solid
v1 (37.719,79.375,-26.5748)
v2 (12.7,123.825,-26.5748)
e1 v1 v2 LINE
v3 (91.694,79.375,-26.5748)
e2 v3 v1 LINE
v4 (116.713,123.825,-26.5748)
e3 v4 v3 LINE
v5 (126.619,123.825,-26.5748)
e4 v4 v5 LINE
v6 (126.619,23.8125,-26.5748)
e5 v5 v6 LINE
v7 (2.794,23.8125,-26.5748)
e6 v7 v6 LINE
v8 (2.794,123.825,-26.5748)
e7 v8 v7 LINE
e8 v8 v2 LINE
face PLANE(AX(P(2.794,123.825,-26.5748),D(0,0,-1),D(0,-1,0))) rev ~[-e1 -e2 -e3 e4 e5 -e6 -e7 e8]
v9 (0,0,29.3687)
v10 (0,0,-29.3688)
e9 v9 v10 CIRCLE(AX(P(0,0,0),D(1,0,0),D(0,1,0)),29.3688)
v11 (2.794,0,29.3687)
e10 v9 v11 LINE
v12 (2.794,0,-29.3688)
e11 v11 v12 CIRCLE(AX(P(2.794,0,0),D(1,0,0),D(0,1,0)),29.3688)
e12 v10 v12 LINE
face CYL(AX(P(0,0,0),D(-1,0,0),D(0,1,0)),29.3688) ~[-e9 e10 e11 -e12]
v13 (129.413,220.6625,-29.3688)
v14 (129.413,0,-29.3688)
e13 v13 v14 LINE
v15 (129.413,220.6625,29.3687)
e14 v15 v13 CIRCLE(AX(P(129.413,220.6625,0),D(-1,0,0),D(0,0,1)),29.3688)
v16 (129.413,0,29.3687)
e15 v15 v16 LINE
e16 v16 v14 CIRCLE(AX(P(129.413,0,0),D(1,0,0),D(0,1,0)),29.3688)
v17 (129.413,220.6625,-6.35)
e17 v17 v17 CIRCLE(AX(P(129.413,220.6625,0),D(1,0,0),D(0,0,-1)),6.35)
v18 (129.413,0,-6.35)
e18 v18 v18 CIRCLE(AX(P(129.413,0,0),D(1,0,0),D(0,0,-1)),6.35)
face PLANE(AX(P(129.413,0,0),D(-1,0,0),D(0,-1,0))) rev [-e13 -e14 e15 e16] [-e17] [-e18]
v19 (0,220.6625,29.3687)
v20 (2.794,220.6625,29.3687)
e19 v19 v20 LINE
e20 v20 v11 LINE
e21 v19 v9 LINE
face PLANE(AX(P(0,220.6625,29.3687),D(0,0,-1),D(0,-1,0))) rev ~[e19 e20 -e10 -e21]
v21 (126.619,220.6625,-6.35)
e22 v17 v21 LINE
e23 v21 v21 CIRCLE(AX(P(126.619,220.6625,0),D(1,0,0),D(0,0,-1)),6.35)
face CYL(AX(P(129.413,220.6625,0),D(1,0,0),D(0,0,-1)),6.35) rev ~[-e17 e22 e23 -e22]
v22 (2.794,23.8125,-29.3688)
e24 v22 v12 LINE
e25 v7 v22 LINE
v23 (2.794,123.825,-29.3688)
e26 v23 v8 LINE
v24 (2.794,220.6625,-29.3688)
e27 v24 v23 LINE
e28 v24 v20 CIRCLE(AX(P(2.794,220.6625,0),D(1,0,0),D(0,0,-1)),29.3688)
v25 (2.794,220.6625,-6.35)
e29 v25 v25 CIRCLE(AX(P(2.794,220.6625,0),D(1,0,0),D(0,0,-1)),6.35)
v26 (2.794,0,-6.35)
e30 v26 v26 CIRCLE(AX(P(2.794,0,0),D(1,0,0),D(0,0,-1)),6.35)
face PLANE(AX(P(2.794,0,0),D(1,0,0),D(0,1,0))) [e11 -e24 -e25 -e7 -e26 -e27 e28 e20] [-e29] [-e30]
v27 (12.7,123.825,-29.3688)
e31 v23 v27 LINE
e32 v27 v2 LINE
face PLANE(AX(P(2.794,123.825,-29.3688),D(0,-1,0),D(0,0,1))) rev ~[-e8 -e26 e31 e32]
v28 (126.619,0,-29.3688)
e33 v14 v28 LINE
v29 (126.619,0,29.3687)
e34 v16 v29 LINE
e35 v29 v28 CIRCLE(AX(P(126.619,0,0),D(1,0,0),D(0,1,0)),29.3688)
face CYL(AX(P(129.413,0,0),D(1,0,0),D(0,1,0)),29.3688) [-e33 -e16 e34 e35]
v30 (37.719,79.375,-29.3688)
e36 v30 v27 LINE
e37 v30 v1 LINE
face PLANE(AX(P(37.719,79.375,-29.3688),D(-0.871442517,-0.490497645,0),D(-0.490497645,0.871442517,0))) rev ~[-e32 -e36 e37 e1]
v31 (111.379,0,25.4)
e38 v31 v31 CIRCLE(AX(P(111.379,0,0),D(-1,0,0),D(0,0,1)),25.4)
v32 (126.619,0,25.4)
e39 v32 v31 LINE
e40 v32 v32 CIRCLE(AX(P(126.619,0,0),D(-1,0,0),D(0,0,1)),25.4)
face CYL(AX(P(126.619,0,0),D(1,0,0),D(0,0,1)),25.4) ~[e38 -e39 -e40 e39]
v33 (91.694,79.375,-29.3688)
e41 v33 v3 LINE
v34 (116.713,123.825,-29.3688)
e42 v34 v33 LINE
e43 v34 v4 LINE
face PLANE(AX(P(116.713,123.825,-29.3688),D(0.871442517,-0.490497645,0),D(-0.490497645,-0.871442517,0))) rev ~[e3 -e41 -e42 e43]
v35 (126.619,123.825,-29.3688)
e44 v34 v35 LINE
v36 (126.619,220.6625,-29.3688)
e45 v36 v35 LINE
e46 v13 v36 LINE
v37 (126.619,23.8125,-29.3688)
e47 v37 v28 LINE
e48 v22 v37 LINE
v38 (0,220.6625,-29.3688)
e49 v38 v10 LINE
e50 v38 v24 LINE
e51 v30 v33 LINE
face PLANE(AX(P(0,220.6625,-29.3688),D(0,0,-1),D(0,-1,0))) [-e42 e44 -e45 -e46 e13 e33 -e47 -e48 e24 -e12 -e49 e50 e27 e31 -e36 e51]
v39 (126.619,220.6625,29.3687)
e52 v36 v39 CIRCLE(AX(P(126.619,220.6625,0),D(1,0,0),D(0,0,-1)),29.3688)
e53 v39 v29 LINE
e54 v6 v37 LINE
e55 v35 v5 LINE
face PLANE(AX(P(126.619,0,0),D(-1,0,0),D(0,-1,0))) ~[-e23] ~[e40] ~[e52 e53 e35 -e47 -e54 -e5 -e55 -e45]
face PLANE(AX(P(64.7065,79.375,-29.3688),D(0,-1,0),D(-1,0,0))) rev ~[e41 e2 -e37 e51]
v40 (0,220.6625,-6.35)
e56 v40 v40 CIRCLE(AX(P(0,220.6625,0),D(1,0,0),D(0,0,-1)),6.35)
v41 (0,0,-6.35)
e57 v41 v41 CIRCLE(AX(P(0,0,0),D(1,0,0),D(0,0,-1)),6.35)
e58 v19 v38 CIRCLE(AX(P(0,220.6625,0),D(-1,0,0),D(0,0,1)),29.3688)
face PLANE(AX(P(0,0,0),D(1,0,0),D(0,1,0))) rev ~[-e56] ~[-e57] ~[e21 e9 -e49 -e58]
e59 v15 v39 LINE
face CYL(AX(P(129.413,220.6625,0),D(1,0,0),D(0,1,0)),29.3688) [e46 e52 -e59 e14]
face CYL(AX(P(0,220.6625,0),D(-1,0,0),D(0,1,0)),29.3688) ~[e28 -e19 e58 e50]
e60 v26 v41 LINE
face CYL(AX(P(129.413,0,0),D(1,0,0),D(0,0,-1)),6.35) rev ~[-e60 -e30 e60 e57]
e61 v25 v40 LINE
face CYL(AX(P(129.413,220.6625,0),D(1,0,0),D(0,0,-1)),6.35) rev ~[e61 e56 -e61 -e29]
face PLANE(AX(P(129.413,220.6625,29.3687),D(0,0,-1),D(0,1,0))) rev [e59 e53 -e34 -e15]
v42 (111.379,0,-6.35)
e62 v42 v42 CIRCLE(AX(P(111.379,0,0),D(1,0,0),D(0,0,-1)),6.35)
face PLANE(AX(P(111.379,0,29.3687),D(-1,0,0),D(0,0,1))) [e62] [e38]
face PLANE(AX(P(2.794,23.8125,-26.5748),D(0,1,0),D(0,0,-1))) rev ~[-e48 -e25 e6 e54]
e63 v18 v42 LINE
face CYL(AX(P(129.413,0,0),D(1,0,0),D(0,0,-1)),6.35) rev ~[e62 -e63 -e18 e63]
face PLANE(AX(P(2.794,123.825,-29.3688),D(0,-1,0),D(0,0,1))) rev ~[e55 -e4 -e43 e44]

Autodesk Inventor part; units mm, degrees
ref_plane "YZ Plane" through (0, 0, 0) normal (1, 0, 0) x (0, 1, 0)
ref_plane "XZ Plane" through (0, 0, 0) normal (0, 1, 0) x (-1, 0, 0)
sketch "Sketch1" plane through (0, 0, 0) normal (1, 0, 0) x (0, 1, 0)
  circle A0 centre (0, 0) radius 29.3688
  circle A1 centre (220.6625, 0) radius 29.3688
  line L0 (220.6625, -29.3688) -> (0, -29.3688)
  line L1 (220.6625, 29.3687) -> (0, 29.3687)
  line L2 (0, 0) -> (220.6625, 0) construction
  dimension "d0" = 58.7375
  dimension "d1" = 220.6625
extrude "Extrusion1" add sketch "Sketch1" along normal blind 2.794
ref_plane "Work Plane2" through (64.7065, 0, 0) normal (1, 0, 0) x (0, 0, -1)
ref_plane "Work Plane1" through (126.619, 0, 0) normal (1, 0, 0) x (0, 0, -1)
mirror "Mirror1" about plane through (64.7065, 0, 0) normal (1, 0, 0) of "Extrusion1"
sketch "Sketch2" plane through (2.794, 0, 0) normal (1, 0, 0) x (0, 0, -1)
  line L0 (29.3688, 0) -> (29.3688, 220.6625) projected
  line L1 (29.3688, 123.825) -> (26.5748, 123.825)
  line L2 (26.5748, 123.825) -> (26.5748, 23.8125)
  line L3 (26.5748, 23.8125) -> (29.3688, 23.8125)
  line L4 (29.3688, 23.8125) -> (29.3688, 123.825)
  arc A0 (29.3688, 220.6625) -> (-29.3687, 220.6625) centre (0, 220.6625) ccw projected
  point P0 (0, 0)
  dimension "d6" = 100.0125
  dimension "d7" = 2.794
  dimension "d8" = 96.8375
extrude "Extrusion2" add sketch "Sketch2" along normal up to next
sketch "Sketch3" plane through (0, 0, -29.3688) normal (0, 0, -1) x (-1, 0, 0)
  line L0 (0, 0) -> (0, 220.6625) projected
  line L1 (0, 220.6625) -> (-2.794, 220.6625) projected
  line L2 (-2.794, 123.825) -> (-2.794, 220.6625) projected
  line L3 (-2.794, 123.825) -> (-126.619, 123.825) projected
  line L4 (-126.619, 123.825) -> (-126.619, 220.6625) projected
  line L5 (-129.413, 220.6625) -> (-126.619, 220.6625) projected
  line L6 (-129.413, 0) -> (-129.413, 220.6625) projected
  line L7 (-129.413, 0) -> (-126.619, 0) projected
  line L8 (-126.619, 0) -> (-126.619, 23.8125) projected
  line L9 (-2.794, 23.8125) -> (-126.619, 23.8125) projected
  line L10 (-2.794, 0) -> (-2.794, 23.8125) projected
  line L11 (0, 0) -> (-2.794, 0) projected
  line L12 (-116.713, 123.825) -> (-91.694, 79.375)
  line L13 (-91.694, 79.375) -> (-37.719, 79.375)
  line L14 (-37.719, 79.375) -> (-12.7, 123.825)
  line L15 (-64.7065, 79.375) -> (-64.7065, 123.825)
  point P0 (0, 0)
  dimension "d11" = 12.7
  dimension "d12" = 12.7
  dimension "d13" = 53.975
  dimension "d14" = 44.45
extrude "Extrusion3" cut sketch "Sketch3" against normal blind 2.794 contours L14 L13 L15 L3 | L15 L13 L12 L3
sketch "Sketch5" plane through (126.619, 0, 29.3687) normal (-1, 0, 0) x (0, 0, 1)
  circle A0 centre (-29.3687, 0) radius 25.4
  dimension "d21" = 50.8
extrude "Extrusion5" add sketch "Sketch5" along normal blind 15.24
sketch "Sketch4" plane through (129.413, 0, 29.3687) normal (1, 0, 0) x (0, 0, -1)
  arc A0 (58.7375, 220.6625) -> (0, 220.6625) centre (29.3687, 220.6625) ccw projected
  circle A1 centre (29.3687, 220.6625) radius 6.35
  circle A2 centre (29.3687, 0) radius 6.35
  dimension "d17" = 12.7
  dimension "d18" = 12.7
extrude "Extrusion4" cut sketch "Sketch4" against normal through all
properties part number "Top_Arm" material "Aluminum 6061"
